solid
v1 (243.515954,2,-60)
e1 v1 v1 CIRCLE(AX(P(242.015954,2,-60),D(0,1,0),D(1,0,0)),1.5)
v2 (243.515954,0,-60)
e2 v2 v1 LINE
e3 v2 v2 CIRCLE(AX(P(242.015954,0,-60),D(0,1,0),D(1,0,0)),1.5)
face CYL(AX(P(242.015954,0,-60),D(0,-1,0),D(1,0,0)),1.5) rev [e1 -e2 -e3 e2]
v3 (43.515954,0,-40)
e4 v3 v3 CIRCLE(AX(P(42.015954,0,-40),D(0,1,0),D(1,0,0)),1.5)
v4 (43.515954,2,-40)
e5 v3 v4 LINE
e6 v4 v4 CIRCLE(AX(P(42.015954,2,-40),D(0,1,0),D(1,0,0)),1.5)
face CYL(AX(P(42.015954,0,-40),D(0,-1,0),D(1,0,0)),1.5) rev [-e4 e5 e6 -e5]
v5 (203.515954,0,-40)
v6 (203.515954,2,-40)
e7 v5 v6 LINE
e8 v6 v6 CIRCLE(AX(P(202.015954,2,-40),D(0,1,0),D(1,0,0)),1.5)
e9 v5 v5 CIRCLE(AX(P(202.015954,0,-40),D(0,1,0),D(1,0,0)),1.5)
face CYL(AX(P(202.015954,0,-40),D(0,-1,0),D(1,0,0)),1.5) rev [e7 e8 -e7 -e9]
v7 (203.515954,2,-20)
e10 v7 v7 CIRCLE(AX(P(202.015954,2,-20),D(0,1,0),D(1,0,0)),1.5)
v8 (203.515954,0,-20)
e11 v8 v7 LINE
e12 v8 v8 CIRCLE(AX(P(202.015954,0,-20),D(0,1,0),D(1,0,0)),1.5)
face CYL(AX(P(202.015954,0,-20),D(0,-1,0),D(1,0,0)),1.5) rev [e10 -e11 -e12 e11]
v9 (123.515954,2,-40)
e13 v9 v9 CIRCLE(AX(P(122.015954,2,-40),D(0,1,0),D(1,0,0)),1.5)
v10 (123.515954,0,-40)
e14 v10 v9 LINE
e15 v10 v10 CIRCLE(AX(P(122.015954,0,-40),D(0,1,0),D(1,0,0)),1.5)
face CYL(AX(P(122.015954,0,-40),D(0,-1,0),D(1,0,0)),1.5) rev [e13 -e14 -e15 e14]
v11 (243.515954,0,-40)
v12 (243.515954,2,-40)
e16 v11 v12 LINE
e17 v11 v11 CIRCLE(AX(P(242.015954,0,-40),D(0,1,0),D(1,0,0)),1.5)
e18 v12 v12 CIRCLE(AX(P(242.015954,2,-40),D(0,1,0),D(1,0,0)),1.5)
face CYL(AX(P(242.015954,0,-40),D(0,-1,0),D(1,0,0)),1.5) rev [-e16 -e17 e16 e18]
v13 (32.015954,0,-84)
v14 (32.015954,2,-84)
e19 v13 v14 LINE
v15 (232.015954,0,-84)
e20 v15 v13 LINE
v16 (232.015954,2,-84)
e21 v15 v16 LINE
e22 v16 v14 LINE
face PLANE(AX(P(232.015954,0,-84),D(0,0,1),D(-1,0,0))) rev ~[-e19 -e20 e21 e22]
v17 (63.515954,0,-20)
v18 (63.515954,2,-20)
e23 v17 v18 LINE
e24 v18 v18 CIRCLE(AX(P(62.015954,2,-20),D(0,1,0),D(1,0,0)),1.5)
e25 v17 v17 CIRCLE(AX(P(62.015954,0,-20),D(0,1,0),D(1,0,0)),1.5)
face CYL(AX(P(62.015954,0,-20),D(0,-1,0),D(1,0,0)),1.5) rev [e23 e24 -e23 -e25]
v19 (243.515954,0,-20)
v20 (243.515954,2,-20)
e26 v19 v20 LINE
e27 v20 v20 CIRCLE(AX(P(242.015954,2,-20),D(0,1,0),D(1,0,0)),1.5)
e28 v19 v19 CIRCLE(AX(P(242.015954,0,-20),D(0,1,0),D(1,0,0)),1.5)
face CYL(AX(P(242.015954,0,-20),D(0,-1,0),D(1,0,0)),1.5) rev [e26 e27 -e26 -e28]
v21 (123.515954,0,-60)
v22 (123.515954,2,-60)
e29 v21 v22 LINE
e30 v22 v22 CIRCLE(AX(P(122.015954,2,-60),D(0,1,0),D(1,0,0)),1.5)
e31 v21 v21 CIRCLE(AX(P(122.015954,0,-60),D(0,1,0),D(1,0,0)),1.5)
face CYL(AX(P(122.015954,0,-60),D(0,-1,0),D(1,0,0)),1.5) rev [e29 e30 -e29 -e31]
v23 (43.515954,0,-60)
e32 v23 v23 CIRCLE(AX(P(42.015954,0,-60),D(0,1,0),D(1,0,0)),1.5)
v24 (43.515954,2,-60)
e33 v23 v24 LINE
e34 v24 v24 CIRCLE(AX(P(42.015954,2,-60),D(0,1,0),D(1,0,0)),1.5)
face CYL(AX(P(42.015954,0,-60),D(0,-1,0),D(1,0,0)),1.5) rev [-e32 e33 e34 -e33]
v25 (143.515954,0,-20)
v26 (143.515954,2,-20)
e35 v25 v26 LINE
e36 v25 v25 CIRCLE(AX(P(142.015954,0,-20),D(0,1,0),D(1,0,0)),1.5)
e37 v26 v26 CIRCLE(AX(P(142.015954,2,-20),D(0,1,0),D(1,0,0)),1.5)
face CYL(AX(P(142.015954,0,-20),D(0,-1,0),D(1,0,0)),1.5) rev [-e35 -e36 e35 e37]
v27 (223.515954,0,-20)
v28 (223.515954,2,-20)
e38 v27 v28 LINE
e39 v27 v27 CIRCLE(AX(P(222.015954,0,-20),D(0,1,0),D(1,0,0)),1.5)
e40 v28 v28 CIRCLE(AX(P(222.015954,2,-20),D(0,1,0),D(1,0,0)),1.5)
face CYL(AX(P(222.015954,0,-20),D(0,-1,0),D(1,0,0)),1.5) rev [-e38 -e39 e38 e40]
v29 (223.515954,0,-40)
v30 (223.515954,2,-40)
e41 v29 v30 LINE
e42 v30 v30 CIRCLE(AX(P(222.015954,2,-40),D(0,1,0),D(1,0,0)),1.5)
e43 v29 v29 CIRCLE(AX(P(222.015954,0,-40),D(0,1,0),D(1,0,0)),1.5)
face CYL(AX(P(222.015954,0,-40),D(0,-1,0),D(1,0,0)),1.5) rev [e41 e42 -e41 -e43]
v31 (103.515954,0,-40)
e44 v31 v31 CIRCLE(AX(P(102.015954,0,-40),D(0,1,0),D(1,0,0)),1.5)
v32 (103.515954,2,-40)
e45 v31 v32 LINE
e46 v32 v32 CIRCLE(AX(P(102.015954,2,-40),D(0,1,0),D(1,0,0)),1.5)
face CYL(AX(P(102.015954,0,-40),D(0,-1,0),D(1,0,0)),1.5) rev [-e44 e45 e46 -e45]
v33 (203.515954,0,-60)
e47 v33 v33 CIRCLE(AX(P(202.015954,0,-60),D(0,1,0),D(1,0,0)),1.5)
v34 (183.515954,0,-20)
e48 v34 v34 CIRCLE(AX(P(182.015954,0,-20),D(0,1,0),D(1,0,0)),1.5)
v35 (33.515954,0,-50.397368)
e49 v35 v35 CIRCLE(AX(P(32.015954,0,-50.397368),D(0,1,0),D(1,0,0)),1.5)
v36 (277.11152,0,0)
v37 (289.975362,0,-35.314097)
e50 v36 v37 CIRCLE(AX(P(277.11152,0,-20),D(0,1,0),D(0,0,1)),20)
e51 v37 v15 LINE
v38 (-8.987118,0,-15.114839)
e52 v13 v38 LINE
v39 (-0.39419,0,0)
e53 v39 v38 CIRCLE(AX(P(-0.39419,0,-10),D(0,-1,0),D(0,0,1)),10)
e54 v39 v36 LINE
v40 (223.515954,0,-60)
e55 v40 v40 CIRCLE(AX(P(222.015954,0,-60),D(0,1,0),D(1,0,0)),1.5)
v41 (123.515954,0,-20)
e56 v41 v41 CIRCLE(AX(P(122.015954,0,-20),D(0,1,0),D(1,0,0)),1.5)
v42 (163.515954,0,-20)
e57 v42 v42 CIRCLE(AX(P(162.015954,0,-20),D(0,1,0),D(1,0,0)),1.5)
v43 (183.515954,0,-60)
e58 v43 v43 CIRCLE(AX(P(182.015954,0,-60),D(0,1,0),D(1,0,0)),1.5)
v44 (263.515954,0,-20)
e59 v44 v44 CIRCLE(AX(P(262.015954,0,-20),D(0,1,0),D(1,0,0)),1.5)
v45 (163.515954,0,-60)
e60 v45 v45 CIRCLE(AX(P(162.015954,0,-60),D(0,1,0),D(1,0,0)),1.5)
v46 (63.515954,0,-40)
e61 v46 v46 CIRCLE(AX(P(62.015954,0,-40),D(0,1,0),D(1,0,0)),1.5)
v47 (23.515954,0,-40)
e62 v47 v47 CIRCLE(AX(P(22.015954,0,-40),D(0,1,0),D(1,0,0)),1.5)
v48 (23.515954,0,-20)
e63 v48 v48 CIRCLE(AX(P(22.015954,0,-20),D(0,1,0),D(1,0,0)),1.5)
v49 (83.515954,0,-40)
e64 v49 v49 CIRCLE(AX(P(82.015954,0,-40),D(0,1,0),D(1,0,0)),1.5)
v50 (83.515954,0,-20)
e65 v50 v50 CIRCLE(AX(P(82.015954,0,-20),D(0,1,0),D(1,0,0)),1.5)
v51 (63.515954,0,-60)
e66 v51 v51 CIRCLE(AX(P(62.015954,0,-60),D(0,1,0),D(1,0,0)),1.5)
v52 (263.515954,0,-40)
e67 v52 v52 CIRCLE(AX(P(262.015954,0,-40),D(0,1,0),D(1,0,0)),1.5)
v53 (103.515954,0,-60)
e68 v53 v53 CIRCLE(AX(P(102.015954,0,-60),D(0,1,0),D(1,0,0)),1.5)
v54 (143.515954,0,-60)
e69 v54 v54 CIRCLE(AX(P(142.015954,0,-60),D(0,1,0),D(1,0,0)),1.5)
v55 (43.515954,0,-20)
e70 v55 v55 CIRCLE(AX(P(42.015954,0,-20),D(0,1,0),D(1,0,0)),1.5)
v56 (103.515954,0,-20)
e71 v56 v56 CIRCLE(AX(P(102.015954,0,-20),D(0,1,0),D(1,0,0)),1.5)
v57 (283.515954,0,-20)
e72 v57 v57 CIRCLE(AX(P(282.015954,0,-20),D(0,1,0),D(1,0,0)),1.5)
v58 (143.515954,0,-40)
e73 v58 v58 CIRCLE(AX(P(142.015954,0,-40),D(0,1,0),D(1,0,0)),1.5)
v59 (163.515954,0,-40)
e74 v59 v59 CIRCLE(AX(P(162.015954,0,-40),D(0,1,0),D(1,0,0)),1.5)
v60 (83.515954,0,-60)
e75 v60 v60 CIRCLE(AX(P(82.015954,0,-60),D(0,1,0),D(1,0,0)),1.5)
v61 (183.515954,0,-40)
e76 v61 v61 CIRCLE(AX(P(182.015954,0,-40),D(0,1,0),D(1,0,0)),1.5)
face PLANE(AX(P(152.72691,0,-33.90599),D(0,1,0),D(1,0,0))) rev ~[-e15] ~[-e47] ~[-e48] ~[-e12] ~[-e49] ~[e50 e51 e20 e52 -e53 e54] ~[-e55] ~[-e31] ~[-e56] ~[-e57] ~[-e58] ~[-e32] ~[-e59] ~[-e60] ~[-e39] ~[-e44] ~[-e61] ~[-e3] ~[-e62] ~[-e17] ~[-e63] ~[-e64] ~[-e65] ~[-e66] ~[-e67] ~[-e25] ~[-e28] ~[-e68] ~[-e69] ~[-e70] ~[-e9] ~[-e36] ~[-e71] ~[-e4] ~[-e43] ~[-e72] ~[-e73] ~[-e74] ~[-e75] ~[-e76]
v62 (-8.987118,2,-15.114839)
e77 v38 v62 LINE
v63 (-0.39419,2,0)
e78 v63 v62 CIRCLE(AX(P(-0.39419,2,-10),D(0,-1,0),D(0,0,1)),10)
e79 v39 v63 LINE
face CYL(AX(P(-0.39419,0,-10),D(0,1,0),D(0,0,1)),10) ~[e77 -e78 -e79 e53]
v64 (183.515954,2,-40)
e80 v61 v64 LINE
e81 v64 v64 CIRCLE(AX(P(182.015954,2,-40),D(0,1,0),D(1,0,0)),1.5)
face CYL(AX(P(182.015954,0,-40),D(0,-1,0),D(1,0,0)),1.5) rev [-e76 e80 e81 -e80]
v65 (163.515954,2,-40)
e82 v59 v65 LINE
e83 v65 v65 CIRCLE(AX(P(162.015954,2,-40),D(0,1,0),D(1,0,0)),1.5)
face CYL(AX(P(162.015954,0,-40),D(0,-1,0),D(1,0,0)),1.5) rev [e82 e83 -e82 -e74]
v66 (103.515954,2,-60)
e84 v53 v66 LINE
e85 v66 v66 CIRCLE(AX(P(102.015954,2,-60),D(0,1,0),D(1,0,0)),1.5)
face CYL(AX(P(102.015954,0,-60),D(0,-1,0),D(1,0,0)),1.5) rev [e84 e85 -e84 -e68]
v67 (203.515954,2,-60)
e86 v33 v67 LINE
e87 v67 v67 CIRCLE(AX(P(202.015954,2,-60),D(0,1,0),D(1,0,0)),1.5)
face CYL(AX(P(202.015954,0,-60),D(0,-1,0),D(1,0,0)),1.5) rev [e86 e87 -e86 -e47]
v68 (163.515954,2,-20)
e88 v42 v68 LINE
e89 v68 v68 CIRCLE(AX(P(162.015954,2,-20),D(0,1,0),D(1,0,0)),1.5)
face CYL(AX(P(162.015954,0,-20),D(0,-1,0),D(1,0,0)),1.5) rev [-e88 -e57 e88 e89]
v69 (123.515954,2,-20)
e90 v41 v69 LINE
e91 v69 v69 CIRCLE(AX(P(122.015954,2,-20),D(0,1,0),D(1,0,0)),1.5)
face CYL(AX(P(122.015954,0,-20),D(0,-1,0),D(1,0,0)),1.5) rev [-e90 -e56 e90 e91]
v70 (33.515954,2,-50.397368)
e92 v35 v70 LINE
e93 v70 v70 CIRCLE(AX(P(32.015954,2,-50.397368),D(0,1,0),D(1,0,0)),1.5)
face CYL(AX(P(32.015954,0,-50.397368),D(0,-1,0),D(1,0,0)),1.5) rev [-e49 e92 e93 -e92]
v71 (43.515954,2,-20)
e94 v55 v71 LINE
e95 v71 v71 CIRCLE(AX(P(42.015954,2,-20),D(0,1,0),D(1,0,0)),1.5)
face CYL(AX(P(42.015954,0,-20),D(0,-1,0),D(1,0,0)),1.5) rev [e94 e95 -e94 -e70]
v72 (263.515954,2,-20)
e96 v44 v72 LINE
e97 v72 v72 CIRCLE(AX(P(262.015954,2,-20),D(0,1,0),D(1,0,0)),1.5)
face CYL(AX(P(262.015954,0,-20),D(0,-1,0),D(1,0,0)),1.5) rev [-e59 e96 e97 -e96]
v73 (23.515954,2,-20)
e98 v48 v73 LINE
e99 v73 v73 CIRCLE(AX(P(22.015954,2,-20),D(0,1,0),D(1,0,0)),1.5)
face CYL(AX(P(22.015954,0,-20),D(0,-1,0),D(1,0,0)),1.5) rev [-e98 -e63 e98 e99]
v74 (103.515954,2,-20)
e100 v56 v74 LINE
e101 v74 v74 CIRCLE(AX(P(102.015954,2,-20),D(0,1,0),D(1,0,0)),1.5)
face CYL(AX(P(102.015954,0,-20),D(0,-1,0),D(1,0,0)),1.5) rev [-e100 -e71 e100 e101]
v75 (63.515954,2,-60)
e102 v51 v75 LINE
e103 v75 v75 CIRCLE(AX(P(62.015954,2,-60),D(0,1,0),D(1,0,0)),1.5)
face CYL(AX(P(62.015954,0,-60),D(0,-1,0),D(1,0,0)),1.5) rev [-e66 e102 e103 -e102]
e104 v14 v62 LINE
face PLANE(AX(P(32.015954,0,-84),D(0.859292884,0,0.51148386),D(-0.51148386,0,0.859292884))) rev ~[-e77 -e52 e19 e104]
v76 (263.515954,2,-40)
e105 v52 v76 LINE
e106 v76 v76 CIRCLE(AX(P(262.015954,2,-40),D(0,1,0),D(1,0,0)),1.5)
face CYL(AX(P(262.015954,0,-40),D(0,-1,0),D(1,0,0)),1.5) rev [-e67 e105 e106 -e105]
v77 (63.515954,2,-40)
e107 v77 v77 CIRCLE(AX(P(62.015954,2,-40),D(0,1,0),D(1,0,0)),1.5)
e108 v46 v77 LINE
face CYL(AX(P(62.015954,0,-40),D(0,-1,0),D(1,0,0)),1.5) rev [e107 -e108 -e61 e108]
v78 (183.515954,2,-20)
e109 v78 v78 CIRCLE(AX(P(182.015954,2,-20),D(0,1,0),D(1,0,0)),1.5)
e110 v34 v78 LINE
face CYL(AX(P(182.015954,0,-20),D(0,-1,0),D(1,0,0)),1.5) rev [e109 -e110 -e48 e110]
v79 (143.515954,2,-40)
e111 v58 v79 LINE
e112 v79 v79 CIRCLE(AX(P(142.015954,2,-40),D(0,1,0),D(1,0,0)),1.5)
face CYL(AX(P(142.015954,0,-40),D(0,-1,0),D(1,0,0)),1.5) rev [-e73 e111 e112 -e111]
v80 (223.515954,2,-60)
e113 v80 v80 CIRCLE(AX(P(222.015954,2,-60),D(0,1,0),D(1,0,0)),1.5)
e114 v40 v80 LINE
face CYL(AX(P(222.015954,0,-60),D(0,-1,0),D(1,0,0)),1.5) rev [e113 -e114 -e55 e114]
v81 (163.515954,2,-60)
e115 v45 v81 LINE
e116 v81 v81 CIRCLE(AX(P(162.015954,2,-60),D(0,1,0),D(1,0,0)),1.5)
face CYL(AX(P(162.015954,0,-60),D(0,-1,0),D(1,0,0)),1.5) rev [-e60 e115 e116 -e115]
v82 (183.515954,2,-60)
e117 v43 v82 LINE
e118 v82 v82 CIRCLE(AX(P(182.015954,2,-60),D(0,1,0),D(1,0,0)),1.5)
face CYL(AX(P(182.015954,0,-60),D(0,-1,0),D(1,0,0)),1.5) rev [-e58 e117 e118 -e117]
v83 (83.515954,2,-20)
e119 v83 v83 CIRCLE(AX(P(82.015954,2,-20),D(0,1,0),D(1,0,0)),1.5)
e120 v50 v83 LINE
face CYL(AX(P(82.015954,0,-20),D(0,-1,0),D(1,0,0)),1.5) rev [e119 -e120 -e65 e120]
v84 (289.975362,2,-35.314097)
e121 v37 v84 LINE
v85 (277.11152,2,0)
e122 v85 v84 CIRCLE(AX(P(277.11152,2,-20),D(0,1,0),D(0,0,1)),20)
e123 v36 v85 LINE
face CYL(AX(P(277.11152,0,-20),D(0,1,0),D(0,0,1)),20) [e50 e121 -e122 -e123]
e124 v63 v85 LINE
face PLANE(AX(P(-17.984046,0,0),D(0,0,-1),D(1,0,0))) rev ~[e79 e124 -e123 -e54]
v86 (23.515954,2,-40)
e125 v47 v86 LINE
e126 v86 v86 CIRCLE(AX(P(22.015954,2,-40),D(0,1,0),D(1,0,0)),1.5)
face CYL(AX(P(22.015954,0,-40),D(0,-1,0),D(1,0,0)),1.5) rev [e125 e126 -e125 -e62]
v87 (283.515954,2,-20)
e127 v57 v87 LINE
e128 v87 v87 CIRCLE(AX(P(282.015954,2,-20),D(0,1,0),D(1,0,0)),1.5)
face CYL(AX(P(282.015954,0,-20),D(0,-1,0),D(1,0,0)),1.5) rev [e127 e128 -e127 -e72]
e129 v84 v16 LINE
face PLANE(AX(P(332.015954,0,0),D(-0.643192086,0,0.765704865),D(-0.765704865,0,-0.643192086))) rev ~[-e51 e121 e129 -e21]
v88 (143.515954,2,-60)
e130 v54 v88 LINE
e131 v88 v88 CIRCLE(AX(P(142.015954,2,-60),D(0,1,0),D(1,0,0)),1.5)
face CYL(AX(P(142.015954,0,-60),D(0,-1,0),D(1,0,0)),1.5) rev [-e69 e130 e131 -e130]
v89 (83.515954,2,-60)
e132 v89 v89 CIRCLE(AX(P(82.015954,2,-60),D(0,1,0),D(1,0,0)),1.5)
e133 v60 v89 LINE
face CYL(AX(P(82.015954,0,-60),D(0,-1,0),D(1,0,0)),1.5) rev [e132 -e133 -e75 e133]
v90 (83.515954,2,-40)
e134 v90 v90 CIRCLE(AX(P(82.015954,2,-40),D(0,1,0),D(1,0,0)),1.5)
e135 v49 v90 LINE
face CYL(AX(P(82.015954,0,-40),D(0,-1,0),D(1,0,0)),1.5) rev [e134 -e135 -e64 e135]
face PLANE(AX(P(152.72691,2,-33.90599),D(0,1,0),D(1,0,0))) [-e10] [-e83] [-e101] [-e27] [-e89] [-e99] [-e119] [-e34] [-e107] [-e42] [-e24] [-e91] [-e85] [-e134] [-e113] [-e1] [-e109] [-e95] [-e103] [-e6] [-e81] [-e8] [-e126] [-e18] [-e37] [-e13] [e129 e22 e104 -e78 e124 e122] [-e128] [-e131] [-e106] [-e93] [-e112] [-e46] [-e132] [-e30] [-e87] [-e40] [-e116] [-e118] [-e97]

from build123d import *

# Parameters (mm, degrees)
SKETCH1_R           = 1.5
BOSS_EXTRUDE1_DEPTH = 2
FILLET4_R           = 20
FILLET5_R           = 10


with BuildPart() as part:
    # Sketch1 → Boss-Extrude1 (new body)
    with BuildSketch(Plane(origin=(0, 0, 0), x_dir=(1, 0, 0), z_dir=(0, 1, 0))):
        Polygon((-17.984046201, 0), (332.015953799, 0), (232.015953799, 84), (32.015953799, 84), align=None)
        with Locations((42.015953799, 20)):
            Circle(SKETCH1_R, mode=Mode.SUBTRACT)
        with Locations((62.015953799, 20)):
            Circle(SKETCH1_R, mode=Mode.SUBTRACT)
        with Locations((82.015953799, 20)):
            Circle(SKETCH1_R, mode=Mode.SUBTRACT)
        with Locations((102.015953799, 20)):
            Circle(SKETCH1_R, mode=Mode.SUBTRACT)
        with Locations((122.015953799, 20)):
            Circle(SKETCH1_R, mode=Mode.SUBTRACT)
        with Locations((22.015953799, 20)):
            Circle(SKETCH1_R, mode=Mode.SUBTRACT)
        with Locations((162.015953799, 20)):
            Circle(SKETCH1_R, mode=Mode.SUBTRACT)
        with Locations((182.015953799, 20)):
            Circle(SKETCH1_R, mode=Mode.SUBTRACT)
        with Locations((202.015953799, 20)):
            Circle(SKETCH1_R, mode=Mode.SUBTRACT)
        with Locations((222.015953799, 20)):
            Circle(SKETCH1_R, mode=Mode.SUBTRACT)
        with Locations((242.015953799, 20)):
            Circle(SKETCH1_R, mode=Mode.SUBTRACT)
        with Locations((142.015953799, 20)):
            Circle(SKETCH1_R, mode=Mode.SUBTRACT)
        with Locations((242.015953799, 60)):
            Circle(SKETCH1_R, mode=Mode.SUBTRACT)
        with Locations((222.015953799, 60)):
            Circle(SKETCH1_R, mode=Mode.SUBTRACT)
        with Locations((202.015953799, 60)):
            Circle(SKETCH1_R, mode=Mode.SUBTRACT)
        with Locations((182.015953799, 60)):
            Circle(SKETCH1_R, mode=Mode.SUBTRACT)
        with Locations((162.015953799, 60)):
            Circle(SKETCH1_R, mode=Mode.SUBTRACT)
        with Locations((142.015953799, 60)):
            Circle(SKETCH1_R, mode=Mode.SUBTRACT)
        with Locations((122.015953799, 60)):
            Circle(SKETCH1_R, mode=Mode.SUBTRACT)
        with Locations((102.015953799, 60)):
            Circle(SKETCH1_R, mode=Mode.SUBTRACT)
        with Locations((82.015953799, 60)):
            Circle(SKETCH1_R, mode=Mode.SUBTRACT)
        with Locations((62.015953799, 60)):
            Circle(SKETCH1_R, mode=Mode.SUBTRACT)
        with Locations((42.015953799, 60)):
            Circle(SKETCH1_R, mode=Mode.SUBTRACT)
        with Locations((282.015953799, 20)):
            Circle(SKETCH1_R, mode=Mode.SUBTRACT)
        with Locations((262.015953799, 20)):
            Circle(SKETCH1_R, mode=Mode.SUBTRACT)
        with Locations((262.015953799, 40)):
            Circle(SKETCH1_R, mode=Mode.SUBTRACT)
        with Locations((242.015953799, 40)):
            Circle(SKETCH1_R, mode=Mode.SUBTRACT)
        with Locations((202.015953799, 40)):
            Circle(SKETCH1_R, mode=Mode.SUBTRACT)
        with Locations((182.015953799, 40)):
            Circle(SKETCH1_R, mode=Mode.SUBTRACT)
        with Locations((162.015953799, 40)):
            Circle(SKETCH1_R, mode=Mode.SUBTRACT)
        with Locations((142.015953799, 40)):
            Circle(SKETCH1_R, mode=Mode.SUBTRACT)
        with Locations((122.015953799, 40)):
            Circle(SKETCH1_R, mode=Mode.SUBTRACT)
        with Locations((102.015953799, 40)):
            Circle(SKETCH1_R, mode=Mode.SUBTRACT)
        with Locations((82.015953799, 40)):
            Circle(SKETCH1_R, mode=Mode.SUBTRACT)
        with Locations((62.015953799, 40)):
            Circle(SKETCH1_R, mode=Mode.SUBTRACT)
        with Locations((42.015953799, 40)):
            Circle(SKETCH1_R, mode=Mode.SUBTRACT)
        with Locations((22.015953799, 40)):
            Circle(SKETCH1_R, mode=Mode.SUBTRACT)
        with Locations((222.015953799, 40)):
            Circle(SKETCH1_R, mode=Mode.SUBTRACT)
        with Locations((32.015953799, 50.397368307)):
            Circle(SKETCH1_R, mode=Mode.SUBTRACT)
    extrude(amount=BOSS_EXTRUDE1_DEPTH)

    # Fillet4
    fillet4_edges = [part.edges().sort_by_distance(p)[0] for p in [
        (332.015953799, 1, 0),
    ]]
    fillet(fillet4_edges, radius=FILLET4_R)

    # Fillet5
    fillet5_edges = [part.edges().sort_by_distance(p)[0] for p in [
        (-17.984046201, 1, 0),
    ]]
    fillet(fillet5_edges, radius=FILLET5_R)


solid = part.part
